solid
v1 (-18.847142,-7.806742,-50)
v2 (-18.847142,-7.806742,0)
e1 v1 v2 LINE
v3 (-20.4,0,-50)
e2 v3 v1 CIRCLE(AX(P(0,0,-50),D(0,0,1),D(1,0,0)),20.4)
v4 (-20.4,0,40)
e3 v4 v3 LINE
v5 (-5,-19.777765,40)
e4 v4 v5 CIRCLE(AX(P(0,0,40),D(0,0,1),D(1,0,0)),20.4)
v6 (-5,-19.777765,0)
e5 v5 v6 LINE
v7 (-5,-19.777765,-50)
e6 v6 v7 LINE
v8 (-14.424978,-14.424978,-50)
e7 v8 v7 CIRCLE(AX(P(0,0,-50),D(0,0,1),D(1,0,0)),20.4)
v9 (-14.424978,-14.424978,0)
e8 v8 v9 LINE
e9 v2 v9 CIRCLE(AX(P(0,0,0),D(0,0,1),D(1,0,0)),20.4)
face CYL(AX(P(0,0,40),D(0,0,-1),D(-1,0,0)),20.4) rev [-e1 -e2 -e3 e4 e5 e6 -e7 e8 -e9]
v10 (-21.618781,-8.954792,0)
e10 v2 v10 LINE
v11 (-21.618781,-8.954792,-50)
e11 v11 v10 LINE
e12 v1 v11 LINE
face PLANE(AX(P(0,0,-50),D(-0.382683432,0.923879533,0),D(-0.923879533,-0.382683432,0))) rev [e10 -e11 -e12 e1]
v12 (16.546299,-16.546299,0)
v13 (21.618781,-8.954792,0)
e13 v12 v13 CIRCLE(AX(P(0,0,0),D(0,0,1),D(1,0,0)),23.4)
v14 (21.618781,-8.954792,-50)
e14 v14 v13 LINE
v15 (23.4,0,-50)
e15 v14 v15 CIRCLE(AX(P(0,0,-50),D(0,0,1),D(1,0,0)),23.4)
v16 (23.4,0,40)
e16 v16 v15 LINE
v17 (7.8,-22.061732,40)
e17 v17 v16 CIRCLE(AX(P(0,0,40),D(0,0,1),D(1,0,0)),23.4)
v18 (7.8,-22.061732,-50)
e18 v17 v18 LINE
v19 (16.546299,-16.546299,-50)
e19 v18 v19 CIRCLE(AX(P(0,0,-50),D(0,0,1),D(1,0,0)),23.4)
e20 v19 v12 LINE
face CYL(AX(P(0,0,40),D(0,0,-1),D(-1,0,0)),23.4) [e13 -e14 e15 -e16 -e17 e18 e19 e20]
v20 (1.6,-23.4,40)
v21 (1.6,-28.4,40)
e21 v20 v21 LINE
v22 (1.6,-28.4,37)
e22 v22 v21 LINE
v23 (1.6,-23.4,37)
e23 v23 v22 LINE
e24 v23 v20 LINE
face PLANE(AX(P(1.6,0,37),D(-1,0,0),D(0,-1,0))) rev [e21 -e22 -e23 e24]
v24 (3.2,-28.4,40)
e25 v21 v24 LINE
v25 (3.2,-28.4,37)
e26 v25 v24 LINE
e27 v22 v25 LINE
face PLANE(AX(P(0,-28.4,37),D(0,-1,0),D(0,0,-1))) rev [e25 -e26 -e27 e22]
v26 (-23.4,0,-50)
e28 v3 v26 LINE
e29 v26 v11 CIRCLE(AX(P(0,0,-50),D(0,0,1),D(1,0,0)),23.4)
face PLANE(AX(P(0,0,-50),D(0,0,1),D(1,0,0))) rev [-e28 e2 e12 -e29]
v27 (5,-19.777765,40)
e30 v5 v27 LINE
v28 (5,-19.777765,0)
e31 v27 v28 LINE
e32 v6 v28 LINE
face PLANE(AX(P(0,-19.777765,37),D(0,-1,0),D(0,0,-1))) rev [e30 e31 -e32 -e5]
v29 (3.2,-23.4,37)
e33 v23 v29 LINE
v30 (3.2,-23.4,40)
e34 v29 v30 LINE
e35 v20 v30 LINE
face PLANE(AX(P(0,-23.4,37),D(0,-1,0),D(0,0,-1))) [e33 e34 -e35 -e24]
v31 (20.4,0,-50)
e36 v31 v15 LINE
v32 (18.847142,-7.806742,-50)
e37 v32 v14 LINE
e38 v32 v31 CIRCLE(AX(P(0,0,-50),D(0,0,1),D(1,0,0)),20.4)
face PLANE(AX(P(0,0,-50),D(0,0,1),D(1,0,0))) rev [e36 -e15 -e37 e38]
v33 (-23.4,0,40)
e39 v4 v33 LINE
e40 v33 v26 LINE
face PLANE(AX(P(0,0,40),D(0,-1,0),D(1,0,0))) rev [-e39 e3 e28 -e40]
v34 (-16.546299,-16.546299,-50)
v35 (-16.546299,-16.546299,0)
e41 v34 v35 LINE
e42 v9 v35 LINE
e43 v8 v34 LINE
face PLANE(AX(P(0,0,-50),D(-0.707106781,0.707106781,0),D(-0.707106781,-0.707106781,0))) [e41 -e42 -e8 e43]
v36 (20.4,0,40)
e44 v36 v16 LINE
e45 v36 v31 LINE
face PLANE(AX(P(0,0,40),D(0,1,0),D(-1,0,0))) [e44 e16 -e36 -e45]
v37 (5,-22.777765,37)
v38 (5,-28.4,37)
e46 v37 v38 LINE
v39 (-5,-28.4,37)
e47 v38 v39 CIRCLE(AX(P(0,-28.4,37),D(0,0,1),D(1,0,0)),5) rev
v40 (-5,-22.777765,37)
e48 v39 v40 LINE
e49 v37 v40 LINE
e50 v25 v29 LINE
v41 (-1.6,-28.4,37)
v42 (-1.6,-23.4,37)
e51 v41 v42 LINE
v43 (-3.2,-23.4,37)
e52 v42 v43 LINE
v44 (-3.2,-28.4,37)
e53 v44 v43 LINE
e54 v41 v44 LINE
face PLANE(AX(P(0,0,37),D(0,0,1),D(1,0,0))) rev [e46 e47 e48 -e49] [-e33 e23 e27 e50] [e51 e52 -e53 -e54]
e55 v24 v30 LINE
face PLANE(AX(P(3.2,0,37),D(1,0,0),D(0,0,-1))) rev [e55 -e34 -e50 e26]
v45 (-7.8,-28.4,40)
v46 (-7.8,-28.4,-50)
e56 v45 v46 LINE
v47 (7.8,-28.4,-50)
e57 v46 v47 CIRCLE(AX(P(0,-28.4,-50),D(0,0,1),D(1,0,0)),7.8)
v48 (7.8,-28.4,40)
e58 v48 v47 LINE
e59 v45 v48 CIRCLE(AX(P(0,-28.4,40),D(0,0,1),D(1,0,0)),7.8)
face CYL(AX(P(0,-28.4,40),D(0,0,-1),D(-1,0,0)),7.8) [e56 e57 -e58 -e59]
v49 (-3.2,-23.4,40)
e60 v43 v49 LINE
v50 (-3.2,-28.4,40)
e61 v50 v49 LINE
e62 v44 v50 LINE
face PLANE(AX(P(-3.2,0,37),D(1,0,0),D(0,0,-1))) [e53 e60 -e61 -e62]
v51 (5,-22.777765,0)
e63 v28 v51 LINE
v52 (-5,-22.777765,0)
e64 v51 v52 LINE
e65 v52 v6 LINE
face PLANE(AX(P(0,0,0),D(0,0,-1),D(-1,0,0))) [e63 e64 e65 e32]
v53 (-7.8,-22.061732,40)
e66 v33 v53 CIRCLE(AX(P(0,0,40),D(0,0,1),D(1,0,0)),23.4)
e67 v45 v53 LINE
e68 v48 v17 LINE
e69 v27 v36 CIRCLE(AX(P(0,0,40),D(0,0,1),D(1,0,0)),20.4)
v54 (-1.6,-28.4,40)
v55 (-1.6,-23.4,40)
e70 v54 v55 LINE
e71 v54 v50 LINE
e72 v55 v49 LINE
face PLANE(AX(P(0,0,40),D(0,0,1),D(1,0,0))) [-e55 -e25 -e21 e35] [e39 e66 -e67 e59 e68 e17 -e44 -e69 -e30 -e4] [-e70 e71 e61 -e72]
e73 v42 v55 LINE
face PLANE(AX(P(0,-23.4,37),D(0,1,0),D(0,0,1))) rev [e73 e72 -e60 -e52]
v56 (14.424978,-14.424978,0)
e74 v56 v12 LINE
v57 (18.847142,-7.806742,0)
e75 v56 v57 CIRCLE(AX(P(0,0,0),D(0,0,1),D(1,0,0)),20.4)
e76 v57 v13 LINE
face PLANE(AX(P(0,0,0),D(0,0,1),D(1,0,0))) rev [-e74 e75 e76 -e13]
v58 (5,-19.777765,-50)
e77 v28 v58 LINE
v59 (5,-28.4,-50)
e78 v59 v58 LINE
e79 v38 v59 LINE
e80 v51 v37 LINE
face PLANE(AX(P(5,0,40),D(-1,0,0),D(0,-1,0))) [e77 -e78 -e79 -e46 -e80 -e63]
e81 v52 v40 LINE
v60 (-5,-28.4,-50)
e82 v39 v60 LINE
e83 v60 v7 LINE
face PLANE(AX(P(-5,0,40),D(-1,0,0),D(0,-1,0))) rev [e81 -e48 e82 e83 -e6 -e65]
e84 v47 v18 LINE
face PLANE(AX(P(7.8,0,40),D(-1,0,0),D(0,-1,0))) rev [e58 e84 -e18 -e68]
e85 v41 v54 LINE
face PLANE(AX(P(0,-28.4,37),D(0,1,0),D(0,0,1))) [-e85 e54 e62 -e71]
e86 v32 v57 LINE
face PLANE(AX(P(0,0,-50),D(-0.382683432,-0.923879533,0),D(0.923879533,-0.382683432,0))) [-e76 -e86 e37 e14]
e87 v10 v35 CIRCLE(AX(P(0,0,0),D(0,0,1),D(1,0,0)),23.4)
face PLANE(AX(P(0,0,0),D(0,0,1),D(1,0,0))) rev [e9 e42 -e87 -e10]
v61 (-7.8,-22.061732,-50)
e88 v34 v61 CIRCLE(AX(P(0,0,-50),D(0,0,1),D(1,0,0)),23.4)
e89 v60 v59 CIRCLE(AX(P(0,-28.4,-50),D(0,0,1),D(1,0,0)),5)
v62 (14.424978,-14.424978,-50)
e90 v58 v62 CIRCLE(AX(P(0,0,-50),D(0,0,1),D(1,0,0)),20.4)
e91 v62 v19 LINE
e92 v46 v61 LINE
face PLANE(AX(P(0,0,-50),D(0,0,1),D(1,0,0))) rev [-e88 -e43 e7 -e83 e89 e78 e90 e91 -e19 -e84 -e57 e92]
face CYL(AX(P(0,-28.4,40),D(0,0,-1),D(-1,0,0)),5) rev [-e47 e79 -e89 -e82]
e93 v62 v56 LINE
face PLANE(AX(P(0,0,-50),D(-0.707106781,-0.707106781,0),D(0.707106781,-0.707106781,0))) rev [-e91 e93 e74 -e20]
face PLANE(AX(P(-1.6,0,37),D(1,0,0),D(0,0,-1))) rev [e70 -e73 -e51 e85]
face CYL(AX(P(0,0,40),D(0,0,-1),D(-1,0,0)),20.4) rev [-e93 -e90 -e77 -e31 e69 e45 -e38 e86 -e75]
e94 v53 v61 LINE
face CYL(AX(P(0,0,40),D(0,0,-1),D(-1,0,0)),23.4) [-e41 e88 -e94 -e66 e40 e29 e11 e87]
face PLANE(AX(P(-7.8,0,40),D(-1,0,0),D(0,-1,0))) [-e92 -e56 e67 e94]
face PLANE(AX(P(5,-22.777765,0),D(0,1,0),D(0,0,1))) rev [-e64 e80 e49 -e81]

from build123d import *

# Parameters (mm, degrees)
BOSS_EXTRUDE3_DEPTH = 40
BOSS_EXTRUDE7_START = -50
BOSS_EXTRUDE7_DEPTH = 50
BOSS_EXTRUDE8_START = -3
SKETCH3_W           = 1.6
SKETCH3_H           = 5
BOSS_EXTRUDE8_DEPTH = 3
SKETCH5_W           = 10
SKETCH5_H           = 3
BOSS_EXTRUDE9_DEPTH = 37


with BuildPart() as part:
    # Sketch1 → Boss-Extrude3 (new body)
    with BuildSketch(Plane.XY):
        with BuildLine():
            Line((23.4, 0), (20.4, 0))
            ThreePointArc((20.4, 0), (16.095962227, -12.533156027), (5, -19.777765293))
            Line((5, -19.777765293), (5, -28.4))
            ThreePointArc((5, -28.4), (0, -33.4), (-5, -28.4))
            Line((-5, -28.4), (-5, -19.777765293))
            ThreePointArc((-5, -19.777765293), (-16.095962227, -12.533156027), (-20.4, 0))
            Line((-20.4, 0), (-23.4, 0))
            ThreePointArc((-23.4, 0), (-19.106019994, -13.509996299), (-7.8, -22.061731573))
            Line((-7.8, -22.061731573), (-7.8, -28.4))
            ThreePointArc((-7.8, -28.4), (0, -36.2), (7.8, -28.4))
            Line((7.8, -28.4), (7.8, -22.061731573))
            ThreePointArc((7.8, -22.061731573), (19.106019994, -13.509996299), (23.4, 0))
        make_face()
    extrude(amount=BOSS_EXTRUDE3_DEPTH)

    # Sketch1<12> → Boss-Extrude7 (add)
    with BuildSketch(Plane.XY.offset(BOSS_EXTRUDE7_START)):
        with BuildLine():
            Line((23.4, 0), (20.4, 0))
            ThreePointArc((20.4, 0), (20.00801972, -3.979842569), (18.847142463, -7.80674202))
            Line((18.847142463, -7.80674202), (21.618781061, -8.954792317))
            ThreePointArc((21.618781061, -8.954792317), (22.950375561, -4.565113535), (23.4, 0))
        make_face()
        with BuildLine():
            ThreePointArc((-18.847142463, -7.80674202), (-20.00801972, -3.979842569), (-20.4, 0))
            Line((-20.4, 0), (-23.4, 0))
            ThreePointArc((-23.4, 0), (-22.950375561, -4.565113535), (-21.618781061, -8.954792317))
            Line((-21.618781061, -8.954792317), (-18.847142463, -7.80674202))
        make_face()
        with BuildLine():
            Line((16.54629868, -16.54629868), (14.424978336, -14.424978336))
            ThreePointArc((14.424978336, -14.424978336), (10.07449889, -17.738784403), (5, -19.777765293))
            Line((5, -19.777765293), (5, -28.4))
            ThreePointArc((5, -28.4), (0, -33.4), (-5, -28.4))
            Line((-5, -28.4), (-5, -19.777765293))
            ThreePointArc((-5, -19.777765293), (-10.07449889, -17.738784403), (-14.424978336, -14.424978336))
            Line((-14.424978336, -14.424978336), (-16.54629868, -16.54629868))
            ThreePointArc((-16.54629868, -16.54629868), (-12.481609065, -19.793166375), (-7.8, -22.061731573))
            Line((-7.8, -22.061731573), (-7.8, -28.4))
            ThreePointArc((-7.8, -28.4), (0, -36.2), (7.8, -28.4))
            Line((7.8, -28.4), (7.8, -22.061731573))
            ThreePointArc((7.8, -22.061731573), (12.481609065, -19.793166375), (16.54629868, -16.54629868))
        make_face()
    extrude(amount=BOSS_EXTRUDE7_DEPTH)

    # Sketch3 → Boss-Extrude8 (add)
    with BuildSketch(Plane.XY.offset(40).offset(BOSS_EXTRUDE8_START)):
        with BuildLine():
            Line((5, -19.777765293), (-5, -19.777765293))
            Line((-5, -19.777765293), (-5, -28.4))
            ThreePointArc((-5, -28.4), (0, -33.4), (5, -28.4))
            Line((5, -28.4), (5, -19.777765293))
        make_face()
        with Locations((-2.4, -25.9)):
            Rectangle(SKETCH3_W, SKETCH3_H, mode=Mode.SUBTRACT)
        with Locations((2.4, -25.9)):
            Rectangle(SKETCH3_W, SKETCH3_H, mode=Mode.SUBTRACT)
    extrude(amount=BOSS_EXTRUDE8_DEPTH)

    # Sketch5 → Boss-Extrude9 (add)
    with BuildSketch(Plane(origin=(0, 0, 37), x_dir=(-1, 0, 0), z_dir=(0, 0, -1))):
        with Locations((0, -21.277765293)):
            Rectangle(SKETCH5_W, SKETCH5_H)
    extrude(amount=BOSS_EXTRUDE9_DEPTH)


solid = part.part
